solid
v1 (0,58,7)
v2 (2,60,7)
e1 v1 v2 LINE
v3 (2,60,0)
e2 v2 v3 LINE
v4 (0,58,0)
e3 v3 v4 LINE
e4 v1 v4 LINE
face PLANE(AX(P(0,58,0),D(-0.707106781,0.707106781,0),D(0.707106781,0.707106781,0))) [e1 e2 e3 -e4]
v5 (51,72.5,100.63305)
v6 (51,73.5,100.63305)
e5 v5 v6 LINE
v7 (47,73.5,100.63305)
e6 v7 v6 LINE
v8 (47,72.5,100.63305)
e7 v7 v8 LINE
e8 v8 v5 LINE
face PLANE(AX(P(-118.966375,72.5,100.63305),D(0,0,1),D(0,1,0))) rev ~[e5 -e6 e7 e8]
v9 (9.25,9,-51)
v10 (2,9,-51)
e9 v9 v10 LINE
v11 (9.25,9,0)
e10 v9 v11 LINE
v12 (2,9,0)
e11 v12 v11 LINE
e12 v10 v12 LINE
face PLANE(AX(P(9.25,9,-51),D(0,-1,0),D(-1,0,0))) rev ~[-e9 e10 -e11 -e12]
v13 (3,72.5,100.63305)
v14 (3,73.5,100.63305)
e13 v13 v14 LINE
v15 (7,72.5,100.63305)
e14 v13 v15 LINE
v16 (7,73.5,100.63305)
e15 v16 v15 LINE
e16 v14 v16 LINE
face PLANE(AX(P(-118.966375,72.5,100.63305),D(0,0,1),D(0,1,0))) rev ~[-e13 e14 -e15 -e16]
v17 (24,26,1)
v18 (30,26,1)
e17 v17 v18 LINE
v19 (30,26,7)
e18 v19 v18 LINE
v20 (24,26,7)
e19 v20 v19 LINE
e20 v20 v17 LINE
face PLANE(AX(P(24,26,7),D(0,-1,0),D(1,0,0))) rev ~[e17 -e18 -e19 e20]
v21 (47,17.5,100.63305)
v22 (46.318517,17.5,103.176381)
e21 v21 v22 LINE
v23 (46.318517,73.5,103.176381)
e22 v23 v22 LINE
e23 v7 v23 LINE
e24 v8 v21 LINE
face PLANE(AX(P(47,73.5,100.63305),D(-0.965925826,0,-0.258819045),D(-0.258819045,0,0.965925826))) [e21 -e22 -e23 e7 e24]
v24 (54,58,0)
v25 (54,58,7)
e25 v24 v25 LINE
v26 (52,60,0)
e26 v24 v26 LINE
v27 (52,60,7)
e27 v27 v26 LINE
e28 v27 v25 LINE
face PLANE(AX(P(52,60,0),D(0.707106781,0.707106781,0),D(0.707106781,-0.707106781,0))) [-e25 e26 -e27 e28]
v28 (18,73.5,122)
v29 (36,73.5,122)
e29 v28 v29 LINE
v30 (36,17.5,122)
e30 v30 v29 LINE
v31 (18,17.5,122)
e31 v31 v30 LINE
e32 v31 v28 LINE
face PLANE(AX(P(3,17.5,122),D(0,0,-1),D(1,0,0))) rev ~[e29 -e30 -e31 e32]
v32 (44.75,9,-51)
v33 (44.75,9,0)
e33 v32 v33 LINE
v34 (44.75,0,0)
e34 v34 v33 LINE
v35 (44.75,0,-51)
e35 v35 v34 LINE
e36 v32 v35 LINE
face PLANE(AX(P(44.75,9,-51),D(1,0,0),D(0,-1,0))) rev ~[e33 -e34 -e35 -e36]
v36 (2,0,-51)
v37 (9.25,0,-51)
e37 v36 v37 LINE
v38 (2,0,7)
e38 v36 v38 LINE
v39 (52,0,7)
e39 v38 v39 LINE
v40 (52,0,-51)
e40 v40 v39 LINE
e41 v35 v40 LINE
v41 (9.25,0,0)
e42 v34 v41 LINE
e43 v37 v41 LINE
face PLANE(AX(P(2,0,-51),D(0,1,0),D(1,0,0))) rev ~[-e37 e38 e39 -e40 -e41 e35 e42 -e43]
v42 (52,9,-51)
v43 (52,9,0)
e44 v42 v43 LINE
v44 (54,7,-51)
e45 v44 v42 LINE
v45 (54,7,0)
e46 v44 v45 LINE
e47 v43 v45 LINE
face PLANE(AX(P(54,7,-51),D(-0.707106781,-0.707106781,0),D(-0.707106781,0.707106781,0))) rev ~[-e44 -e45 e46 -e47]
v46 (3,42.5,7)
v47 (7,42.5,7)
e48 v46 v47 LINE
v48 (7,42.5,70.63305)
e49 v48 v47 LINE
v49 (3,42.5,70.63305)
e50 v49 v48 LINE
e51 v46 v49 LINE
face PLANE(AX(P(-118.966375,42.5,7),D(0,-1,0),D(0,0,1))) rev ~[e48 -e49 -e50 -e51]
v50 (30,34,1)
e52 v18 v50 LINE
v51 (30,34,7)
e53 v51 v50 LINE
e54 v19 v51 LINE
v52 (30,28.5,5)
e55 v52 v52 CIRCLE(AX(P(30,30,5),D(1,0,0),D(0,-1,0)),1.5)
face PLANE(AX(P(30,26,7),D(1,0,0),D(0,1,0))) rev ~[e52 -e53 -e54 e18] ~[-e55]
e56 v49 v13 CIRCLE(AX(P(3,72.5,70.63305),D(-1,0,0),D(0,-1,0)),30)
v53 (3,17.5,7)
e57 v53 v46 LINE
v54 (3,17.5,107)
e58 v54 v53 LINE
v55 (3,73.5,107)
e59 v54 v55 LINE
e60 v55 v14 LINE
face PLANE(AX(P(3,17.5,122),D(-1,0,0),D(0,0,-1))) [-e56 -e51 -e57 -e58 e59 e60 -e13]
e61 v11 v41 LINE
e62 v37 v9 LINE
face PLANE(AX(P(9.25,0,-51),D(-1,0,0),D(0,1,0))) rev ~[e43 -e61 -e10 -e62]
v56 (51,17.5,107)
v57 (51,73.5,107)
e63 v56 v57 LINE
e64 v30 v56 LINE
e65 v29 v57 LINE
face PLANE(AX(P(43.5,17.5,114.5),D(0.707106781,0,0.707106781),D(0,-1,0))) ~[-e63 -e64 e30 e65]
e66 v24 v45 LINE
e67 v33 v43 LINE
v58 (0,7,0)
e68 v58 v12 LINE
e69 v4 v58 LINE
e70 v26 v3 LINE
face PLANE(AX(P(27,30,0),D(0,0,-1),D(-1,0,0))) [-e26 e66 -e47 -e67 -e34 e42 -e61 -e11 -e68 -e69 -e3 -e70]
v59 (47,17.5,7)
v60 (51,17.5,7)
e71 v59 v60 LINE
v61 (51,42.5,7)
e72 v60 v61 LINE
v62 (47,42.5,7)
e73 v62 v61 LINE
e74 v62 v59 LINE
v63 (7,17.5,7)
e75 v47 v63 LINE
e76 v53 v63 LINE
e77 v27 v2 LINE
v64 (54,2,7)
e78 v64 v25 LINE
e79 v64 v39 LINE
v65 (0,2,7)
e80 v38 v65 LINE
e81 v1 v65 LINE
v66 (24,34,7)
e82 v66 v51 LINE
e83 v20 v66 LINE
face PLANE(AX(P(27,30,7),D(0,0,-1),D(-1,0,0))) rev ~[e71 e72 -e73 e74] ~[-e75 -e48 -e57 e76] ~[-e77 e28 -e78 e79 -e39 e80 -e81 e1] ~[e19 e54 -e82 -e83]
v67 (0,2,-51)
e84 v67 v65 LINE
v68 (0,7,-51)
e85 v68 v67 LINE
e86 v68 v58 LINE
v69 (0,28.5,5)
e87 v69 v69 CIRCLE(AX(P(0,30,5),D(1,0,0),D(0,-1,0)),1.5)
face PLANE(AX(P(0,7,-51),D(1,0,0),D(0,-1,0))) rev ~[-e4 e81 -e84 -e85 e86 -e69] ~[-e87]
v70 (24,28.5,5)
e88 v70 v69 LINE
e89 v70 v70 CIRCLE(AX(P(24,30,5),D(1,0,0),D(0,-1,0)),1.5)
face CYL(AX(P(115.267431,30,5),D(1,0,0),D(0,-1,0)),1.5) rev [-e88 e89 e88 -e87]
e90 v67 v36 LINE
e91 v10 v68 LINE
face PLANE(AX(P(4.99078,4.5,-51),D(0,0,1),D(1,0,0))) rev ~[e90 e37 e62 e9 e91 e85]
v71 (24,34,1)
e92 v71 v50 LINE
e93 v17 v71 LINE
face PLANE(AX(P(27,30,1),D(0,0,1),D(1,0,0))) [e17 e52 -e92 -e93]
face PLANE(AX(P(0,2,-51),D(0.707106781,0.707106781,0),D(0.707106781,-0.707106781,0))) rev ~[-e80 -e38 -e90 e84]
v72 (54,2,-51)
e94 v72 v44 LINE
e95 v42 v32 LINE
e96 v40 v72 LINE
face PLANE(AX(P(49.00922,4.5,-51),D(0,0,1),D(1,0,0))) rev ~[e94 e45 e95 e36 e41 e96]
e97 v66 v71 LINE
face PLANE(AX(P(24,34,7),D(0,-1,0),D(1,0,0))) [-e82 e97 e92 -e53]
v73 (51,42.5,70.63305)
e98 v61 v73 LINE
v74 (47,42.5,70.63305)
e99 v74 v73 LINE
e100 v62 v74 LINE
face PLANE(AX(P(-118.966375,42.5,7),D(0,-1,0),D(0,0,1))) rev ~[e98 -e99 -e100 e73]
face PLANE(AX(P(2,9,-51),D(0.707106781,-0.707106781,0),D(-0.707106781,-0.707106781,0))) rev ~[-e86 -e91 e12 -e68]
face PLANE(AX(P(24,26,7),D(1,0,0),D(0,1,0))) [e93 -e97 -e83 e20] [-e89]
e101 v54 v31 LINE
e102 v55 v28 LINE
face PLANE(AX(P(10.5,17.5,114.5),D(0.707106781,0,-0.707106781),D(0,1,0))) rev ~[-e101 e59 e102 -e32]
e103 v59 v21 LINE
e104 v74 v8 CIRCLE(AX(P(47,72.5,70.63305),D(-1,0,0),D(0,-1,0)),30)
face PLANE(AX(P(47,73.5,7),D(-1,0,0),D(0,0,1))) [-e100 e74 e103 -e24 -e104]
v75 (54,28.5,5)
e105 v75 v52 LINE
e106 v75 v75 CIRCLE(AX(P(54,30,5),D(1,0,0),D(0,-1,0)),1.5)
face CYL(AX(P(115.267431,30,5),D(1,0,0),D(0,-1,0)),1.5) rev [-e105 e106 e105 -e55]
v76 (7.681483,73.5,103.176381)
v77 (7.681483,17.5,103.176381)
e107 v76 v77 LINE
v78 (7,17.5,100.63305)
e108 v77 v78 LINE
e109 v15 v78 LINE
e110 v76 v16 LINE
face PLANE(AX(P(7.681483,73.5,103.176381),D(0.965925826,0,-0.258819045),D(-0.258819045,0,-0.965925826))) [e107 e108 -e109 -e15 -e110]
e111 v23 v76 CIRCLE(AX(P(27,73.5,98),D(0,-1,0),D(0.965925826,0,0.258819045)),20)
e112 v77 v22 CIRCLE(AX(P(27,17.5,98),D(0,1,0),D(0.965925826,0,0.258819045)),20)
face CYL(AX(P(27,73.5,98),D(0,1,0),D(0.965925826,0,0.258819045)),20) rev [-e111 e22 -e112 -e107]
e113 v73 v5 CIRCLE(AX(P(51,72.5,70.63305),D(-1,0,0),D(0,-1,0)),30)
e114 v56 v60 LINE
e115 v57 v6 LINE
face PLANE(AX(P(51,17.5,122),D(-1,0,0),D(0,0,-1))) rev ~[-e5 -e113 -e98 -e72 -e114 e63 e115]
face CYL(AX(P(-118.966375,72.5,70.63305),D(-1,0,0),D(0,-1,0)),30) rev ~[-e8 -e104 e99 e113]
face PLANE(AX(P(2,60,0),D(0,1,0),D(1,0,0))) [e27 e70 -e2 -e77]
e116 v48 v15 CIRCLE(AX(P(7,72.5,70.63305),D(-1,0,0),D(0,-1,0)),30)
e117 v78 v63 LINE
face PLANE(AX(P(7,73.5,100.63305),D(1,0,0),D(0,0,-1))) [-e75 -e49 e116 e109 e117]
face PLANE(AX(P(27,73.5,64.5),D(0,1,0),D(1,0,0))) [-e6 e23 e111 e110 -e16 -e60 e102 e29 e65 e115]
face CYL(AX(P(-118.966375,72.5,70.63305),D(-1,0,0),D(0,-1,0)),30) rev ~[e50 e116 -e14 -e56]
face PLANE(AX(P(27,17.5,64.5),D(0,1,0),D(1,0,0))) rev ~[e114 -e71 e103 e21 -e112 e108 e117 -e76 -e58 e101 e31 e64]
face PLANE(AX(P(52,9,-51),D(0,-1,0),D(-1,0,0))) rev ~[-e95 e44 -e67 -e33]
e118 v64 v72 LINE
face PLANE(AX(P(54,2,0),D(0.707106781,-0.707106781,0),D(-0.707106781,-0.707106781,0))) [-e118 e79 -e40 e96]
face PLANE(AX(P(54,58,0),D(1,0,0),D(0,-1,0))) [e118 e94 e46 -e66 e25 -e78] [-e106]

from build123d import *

# Parameters (mm, degrees)
BOSS_EXTRUDE1_DEPTH      = 5
BOSS_EXTRUDE2_DEPTH      = 56
BOSS_EXTRUDE2_2_DEPTH    = 56
BOSS_EXTRUDE3_DEPTH      = 2
BOSS_EXTRUDE3_DEPTH_BACK = 5
SKETCH9_W                = 6
SKETCH9_H                = 8
CUT_EXTRUDE3_DEPTH       = 6
CUT_EXTRUDE4_DEPTH       = 85.267431431
CUT_EXTRUDE4_DEPTH_BACK  = 85.267431431
SKETCH10_R               = 1.5
BOSS_EXTRUDE4_DEPTH      = 43.5
BOSS_EXTRUDE4_DEPTH_BACK = 12.5
SKETCH11_W               = 48
SKETCH11_H               = 115
CUT_EXTRUDE5_DEPTH       = 153.322847925
CUT_EXTRUDE6_DEPTH       = 145.966375412
CUT_EXTRUDE6_DEPTH_BACK  = 145.966375412
CHAMFER1_SIZE            = 15
CHAMFER2_SIZE            = 15


with BuildPart() as part:
    # Sketch1 → Boss-Extrude1 (new body)
    with BuildSketch(Plane.XY):
        Polygon((37.6, 51), (52, 51), (54, 53), (54, 58), (52, 60), (2, 60), (0, 58), (0, 53), (2, 51), (16.4, 51), align=None)
    extrude(amount=BOSS_EXTRUDE1_DEPTH)



with BuildPart() as body_2:
    # Sketch2 → Boss-Extrude2 (new body)
    with BuildSketch(Plane.XY.offset(-51)):
        Polygon((0, 7), (0, 2), (2, 0), (9.25, 0), (9.25, 9), (2, 9), align=None)
    extrude(amount=BOSS_EXTRUDE2_DEPTH)


with BuildPart() as body_3:
    # Sketch2 → Boss-Extrude2 2 (new body)
    with BuildSketch(Plane.XY.offset(-51)):
        Polygon((54, 2), (54, 7), (52, 9), (44.75, 9), (44.75, 0), (52, 0), align=None)
    extrude(amount=BOSS_EXTRUDE2_2_DEPTH)


with BuildPart() as part_1:
    add(part.part)

    add(body_2.part)  # Boss-Extrude3 merges body 2

    add(body_3.part)  # Boss-Extrude3 merges body 3
    # Sketch8 → Boss-Extrude3 (add, two sides: drawn at the far end of the back side and taken through both)
    with BuildSketch(Plane.XY.offset(5).offset(-BOSS_EXTRUDE3_DEPTH_BACK)):
        Polygon((0, 2), (0, 58), (2, 60), (52, 60), (54, 58), (54, 2), (52, 0), (2, 0), align=None)
    extrude(amount=BOSS_EXTRUDE3_DEPTH + BOSS_EXTRUDE3_DEPTH_BACK)

    # Sketch9 → Cut-Extrude3 (cut)
    with BuildSketch(Plane.XY.offset(7)):
        with Locations((27, 30)):
            Rectangle(SKETCH9_W, SKETCH9_H)
    extrude(amount=-CUT_EXTRUDE3_DEPTH, mode=Mode.SUBTRACT)

    # Sketch10 → Cut-Extrude4 (cut, two sides: drawn at the far end of the back side and taken through both)
    with BuildSketch(Plane.ZY.offset(-30).offset(-CUT_EXTRUDE4_DEPTH_BACK)):
        with Locations(Location((5, 30, 0), (0, 0, 270))):
            Circle(SKETCH10_R)
    extrude(amount=CUT_EXTRUDE4_DEPTH + CUT_EXTRUDE4_DEPTH_BACK, mode=Mode.SUBTRACT)

    # Sketch11 → Boss-Extrude4 (add, two sides: drawn at the far end of the back side and taken through both)
    with BuildSketch(Plane(origin=(0, 30, 0), x_dir=(1, 0, 0), z_dir=(0, 1, 0)).offset(-BOSS_EXTRUDE4_DEPTH_BACK)):
        with Locations((27, -64.5)):
            Rectangle(SKETCH11_W, SKETCH11_H)
    extrude(amount=BOSS_EXTRUDE4_DEPTH + BOSS_EXTRUDE4_DEPTH_BACK)

    # Sketch12 → Cut-Extrude5 (cut, through all)
    with BuildSketch(Plane(origin=(0, 73.5, 0), x_dir=(1, 0, 0), z_dir=(0, 1, 0))):
        with BuildLine():
            Line((7, -100.633049952), (7, -7))
            Line((7, -7), (47, -7))
            Line((47, -7), (47, -100.633049952))
            Line((47, -100.633049952), (46.318516526, -103.176380902))
            ThreePointArc((46.318516526, -103.176380902), (27, -118), (7.681483474, -103.176380902))
            Line((7.681483474, -103.176380902), (7, -100.633049952))
        make_face()
    extrude(amount=-CUT_EXTRUDE5_DEPTH, mode=Mode.SUBTRACT)

    # Sketch13 → Cut-Extrude6 (cut, two sides: drawn at the far end of the back side and taken through both)
    with BuildSketch(Plane(origin=(27, 0, 0), x_dir=(0, 0, -1), z_dir=(1, 0, 0)).offset(-CUT_EXTRUDE6_DEPTH_BACK)):
        with BuildLine():
            Line((-7, 42.5), (-70.633049952, 42.5))
            ThreePointArc((-70.633049952, 42.5), (-91.846253387, 51.286796564), (-100.633049952, 72.5))
            Line((-100.633049952, 72.5), (-100.633049952, 73.5))
            Line((-100.633049952, 73.5), (-7, 73.5))
            Line((-7, 73.5), (-7, 42.5))
        make_face()
    extrude(amount=CUT_EXTRUDE6_DEPTH + CUT_EXTRUDE6_DEPTH_BACK, mode=Mode.SUBTRACT)

    # Chamfer1
    chamfer1_edges = [part_1.edges().sort_by_distance(p)[0] for p in [
        (3, 45.5, 122),
    ]]
    chamfer(chamfer1_edges, length=CHAMFER1_SIZE)

    # Chamfer2
    chamfer2_edges = [part_1.edges().sort_by_distance(p)[0] for p in [
        (51, 45.5, 122),
    ]]
    chamfer(chamfer2_edges, length=CHAMFER2_SIZE)


solid = part_1.part
